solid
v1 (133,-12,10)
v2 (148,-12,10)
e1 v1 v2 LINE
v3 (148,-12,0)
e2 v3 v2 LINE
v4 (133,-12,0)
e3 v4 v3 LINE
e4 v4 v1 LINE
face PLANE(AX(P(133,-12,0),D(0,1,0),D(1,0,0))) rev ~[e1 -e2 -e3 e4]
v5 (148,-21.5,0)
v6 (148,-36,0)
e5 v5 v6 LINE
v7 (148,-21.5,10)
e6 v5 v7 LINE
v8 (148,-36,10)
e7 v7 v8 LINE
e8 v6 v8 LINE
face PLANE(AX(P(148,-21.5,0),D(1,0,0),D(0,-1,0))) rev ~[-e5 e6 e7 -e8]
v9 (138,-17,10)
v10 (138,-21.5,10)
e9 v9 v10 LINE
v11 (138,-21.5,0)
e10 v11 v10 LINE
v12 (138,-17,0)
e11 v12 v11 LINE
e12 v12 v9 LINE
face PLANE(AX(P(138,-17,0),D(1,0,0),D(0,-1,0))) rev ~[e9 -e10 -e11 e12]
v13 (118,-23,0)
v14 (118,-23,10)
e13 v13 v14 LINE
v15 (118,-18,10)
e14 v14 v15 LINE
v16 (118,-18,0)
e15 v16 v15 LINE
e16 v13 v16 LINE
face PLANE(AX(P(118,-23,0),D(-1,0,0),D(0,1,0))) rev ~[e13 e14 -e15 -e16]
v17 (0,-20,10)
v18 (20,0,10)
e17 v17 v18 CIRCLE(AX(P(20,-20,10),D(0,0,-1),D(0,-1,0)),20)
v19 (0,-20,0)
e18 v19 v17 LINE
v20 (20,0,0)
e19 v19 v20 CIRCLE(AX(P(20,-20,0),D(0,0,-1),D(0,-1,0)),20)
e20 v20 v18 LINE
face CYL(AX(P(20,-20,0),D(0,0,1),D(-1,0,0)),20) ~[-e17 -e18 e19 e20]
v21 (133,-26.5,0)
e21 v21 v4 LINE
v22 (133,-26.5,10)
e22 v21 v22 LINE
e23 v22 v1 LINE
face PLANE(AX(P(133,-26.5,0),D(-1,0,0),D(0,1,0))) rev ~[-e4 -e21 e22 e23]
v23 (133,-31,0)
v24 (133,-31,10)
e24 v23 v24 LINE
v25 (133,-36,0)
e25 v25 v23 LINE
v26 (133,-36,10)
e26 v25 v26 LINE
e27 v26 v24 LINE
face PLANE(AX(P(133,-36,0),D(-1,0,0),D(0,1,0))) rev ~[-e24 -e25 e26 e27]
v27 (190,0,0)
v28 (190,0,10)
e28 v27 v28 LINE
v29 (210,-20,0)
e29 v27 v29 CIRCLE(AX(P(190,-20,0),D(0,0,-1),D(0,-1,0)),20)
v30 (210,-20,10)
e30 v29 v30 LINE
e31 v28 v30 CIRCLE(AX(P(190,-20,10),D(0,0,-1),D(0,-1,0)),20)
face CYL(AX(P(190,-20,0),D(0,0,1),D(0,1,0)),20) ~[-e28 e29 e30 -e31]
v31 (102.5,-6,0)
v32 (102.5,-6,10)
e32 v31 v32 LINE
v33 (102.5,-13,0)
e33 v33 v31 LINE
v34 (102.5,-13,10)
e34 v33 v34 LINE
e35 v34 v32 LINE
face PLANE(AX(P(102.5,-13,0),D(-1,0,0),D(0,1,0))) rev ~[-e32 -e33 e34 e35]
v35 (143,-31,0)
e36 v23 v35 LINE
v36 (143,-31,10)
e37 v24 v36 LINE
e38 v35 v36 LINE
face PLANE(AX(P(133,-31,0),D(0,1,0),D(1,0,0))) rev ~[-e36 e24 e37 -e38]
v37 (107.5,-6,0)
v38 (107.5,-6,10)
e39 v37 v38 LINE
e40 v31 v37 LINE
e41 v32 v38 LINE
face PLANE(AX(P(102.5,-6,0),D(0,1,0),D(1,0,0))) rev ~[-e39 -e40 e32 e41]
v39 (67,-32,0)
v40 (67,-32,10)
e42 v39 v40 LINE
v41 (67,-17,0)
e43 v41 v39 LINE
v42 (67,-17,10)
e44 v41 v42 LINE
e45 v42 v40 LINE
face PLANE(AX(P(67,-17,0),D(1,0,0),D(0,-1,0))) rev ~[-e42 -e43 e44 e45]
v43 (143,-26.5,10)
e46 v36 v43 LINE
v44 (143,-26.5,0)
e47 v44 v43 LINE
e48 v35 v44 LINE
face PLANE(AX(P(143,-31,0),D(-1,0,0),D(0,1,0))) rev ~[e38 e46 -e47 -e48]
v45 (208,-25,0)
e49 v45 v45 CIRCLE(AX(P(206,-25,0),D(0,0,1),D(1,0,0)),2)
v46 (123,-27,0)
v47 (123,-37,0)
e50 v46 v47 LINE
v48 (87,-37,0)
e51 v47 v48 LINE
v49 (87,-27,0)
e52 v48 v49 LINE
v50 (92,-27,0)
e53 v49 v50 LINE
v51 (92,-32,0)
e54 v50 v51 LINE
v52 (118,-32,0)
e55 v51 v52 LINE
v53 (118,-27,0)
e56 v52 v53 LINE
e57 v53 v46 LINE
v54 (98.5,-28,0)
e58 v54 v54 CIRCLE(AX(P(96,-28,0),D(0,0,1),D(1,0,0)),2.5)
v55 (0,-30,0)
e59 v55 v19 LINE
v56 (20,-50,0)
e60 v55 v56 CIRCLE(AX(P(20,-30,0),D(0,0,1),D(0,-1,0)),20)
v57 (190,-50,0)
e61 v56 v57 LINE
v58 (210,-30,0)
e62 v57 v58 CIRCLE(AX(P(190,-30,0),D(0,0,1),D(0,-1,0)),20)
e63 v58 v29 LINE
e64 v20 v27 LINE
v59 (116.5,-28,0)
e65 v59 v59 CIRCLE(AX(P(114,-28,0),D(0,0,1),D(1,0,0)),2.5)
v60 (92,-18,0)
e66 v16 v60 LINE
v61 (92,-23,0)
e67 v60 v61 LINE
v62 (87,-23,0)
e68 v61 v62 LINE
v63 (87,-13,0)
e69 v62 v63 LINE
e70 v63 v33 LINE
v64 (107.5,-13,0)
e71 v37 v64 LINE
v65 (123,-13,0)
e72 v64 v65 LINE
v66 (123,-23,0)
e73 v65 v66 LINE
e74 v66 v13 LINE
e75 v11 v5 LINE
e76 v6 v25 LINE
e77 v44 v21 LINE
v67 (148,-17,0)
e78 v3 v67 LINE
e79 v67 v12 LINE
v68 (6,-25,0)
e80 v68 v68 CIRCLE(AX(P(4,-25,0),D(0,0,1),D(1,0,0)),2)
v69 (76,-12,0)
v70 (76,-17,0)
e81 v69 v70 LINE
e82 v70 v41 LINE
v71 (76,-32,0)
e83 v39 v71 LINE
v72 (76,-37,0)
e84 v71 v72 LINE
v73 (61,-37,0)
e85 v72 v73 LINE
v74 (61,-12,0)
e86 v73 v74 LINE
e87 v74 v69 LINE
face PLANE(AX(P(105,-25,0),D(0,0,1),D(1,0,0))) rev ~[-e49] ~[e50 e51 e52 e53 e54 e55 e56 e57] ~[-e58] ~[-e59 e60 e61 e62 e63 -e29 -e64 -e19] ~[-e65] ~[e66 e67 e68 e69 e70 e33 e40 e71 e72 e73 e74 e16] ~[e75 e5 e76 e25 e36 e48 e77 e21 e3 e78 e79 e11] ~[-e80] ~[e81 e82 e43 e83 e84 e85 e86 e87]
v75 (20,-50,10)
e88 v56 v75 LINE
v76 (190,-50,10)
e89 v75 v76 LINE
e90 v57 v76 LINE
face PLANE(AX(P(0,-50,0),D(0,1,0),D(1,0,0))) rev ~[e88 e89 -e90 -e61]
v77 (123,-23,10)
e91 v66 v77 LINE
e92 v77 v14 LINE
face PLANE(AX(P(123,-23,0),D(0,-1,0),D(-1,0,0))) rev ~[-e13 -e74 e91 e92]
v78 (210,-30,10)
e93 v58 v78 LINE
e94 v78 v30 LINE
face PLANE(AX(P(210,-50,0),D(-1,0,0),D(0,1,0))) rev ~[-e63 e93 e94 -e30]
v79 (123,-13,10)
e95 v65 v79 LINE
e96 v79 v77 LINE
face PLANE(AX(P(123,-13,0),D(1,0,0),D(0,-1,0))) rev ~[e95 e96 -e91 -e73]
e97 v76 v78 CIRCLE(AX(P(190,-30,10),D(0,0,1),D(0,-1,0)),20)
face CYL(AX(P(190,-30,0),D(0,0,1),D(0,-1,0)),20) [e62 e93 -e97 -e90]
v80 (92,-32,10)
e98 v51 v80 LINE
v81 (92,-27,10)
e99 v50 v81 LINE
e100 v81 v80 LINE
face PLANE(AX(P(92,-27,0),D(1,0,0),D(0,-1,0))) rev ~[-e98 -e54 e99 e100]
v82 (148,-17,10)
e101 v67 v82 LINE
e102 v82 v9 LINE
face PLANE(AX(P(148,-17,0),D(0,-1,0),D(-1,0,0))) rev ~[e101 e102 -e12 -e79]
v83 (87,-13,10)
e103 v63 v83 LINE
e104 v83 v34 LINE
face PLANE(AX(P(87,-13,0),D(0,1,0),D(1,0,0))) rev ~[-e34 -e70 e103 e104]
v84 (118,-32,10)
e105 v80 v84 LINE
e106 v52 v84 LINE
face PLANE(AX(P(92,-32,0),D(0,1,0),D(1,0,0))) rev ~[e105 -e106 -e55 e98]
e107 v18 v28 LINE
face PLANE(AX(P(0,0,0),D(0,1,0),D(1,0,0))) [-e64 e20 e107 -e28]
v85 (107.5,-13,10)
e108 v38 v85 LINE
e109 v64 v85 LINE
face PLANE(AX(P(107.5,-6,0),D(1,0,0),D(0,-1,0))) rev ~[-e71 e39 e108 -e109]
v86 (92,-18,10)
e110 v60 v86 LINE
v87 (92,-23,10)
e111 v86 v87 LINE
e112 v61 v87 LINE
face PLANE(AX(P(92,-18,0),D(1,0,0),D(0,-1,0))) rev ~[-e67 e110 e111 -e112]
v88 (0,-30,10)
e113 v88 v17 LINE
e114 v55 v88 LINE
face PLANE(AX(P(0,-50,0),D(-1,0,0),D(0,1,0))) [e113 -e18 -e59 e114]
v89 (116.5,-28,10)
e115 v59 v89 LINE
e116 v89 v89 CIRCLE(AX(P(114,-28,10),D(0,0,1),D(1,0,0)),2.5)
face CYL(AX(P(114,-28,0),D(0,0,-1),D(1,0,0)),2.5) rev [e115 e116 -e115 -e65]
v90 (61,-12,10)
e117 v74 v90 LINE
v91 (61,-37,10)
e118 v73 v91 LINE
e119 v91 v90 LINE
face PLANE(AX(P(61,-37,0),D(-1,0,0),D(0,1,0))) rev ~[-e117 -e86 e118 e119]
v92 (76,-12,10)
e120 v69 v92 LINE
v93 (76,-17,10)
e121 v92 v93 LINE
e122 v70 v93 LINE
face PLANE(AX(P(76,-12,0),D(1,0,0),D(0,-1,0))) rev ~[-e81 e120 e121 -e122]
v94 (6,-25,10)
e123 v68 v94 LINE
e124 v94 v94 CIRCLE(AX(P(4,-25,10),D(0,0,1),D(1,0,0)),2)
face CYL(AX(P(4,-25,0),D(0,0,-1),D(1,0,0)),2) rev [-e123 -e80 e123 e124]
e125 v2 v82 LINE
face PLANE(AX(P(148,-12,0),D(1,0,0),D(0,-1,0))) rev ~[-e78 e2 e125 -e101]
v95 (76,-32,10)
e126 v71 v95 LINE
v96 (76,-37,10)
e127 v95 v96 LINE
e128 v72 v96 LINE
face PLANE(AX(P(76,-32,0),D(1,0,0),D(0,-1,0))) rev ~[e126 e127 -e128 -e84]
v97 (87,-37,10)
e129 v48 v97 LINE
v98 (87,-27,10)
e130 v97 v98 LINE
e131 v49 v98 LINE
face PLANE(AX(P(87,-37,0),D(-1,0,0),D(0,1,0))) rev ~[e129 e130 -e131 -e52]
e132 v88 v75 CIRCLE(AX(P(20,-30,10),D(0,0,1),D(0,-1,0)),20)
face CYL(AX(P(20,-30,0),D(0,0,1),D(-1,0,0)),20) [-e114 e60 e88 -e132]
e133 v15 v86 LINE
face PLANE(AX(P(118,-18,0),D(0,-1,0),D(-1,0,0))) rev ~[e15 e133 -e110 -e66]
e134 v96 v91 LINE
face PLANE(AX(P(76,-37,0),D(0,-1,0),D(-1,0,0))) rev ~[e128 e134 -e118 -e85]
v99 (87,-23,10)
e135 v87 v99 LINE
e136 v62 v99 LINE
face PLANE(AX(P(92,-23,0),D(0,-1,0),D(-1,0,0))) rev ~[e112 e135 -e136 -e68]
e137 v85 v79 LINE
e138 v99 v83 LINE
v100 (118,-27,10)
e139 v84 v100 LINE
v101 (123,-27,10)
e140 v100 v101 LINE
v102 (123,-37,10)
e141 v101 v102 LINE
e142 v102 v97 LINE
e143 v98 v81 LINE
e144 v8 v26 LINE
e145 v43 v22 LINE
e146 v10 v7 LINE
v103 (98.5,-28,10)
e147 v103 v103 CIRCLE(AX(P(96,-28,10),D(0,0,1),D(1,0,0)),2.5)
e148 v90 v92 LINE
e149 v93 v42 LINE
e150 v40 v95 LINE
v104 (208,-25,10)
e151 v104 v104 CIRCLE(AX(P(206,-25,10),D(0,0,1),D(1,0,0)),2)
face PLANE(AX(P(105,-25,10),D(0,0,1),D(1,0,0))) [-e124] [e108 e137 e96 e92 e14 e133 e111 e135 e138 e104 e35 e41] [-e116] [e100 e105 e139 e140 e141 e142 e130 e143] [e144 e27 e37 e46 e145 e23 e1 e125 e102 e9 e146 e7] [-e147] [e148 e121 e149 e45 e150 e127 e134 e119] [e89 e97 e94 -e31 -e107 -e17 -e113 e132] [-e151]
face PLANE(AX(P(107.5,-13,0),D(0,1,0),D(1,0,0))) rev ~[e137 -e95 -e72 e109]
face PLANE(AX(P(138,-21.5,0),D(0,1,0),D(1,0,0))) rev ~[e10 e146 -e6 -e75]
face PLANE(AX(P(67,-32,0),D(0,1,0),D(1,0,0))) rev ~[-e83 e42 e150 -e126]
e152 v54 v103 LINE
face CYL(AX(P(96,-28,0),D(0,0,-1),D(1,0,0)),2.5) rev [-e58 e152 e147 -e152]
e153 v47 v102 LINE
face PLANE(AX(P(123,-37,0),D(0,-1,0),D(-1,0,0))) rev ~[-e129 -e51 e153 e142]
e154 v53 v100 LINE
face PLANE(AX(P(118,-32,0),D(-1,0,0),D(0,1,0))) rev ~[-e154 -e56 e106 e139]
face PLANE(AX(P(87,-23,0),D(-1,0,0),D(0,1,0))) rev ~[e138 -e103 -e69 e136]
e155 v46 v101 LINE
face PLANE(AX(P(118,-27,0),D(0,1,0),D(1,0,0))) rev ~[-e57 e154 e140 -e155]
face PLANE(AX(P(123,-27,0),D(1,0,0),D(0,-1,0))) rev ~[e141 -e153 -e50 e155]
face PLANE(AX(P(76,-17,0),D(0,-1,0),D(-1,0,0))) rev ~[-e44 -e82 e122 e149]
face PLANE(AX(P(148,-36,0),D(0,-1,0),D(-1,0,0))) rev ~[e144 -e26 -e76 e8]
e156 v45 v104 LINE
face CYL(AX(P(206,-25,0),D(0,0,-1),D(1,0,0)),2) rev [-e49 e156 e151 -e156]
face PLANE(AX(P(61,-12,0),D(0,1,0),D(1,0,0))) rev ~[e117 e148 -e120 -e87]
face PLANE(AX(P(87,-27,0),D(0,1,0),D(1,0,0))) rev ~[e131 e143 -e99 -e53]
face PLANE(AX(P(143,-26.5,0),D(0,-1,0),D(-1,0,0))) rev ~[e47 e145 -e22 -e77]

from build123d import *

# Parameters (mm, degrees)
CROQUIS1_W              = 210
CROQUIS1_H              = 50
CROQUIS1_R              = 2.5
CROQUIS1_R_2            = 2
SALIENTE_EXTRUIR1_DEPTH = 10
REDONDEO1_R             = 20


with BuildPart() as part:
    # Croquis1 → Saliente-Extruir1 (new body)
    with BuildSketch(Plane.XY):
        with Locations((105, -25)):
            Rectangle(CROQUIS1_W, CROQUIS1_H)
        with Locations((96, -28)):
            Circle(CROQUIS1_R, mode=Mode.SUBTRACT)
        Polygon((118, -27), (123, -27), (123, -32), (123, -37), (118, -37), (92, -37), (87, -37), (87, -32), (87, -27), (92, -27), (92, -32), (118, -32), align=None, mode=Mode.SUBTRACT)
        with Locations((114, -28)):
            Circle(CROQUIS1_R, mode=Mode.SUBTRACT)
        with Locations((4, -25)):
            Circle(CROQUIS1_R_2, mode=Mode.SUBTRACT)
        Polygon((67, -12), (76, -12), (76, -17), (67, -17), (67, -32), (76, -32), (76, -37), (67, -37), (61, -37), (61, -32), (61, -17), (61, -12), align=None, mode=Mode.SUBTRACT)
        Polygon((138, -12), (148, -12), (148, -17), (138, -17), (138, -21.5), (143, -21.5), (148, -21.5), (148, -26.5), (148, -31), (148, -36), (133, -36), (133, -31), (143, -31), (143, -26.5), (138, -26.5), (133, -26.5), (133, -21.5), (133, -17), (133, -12), align=None, mode=Mode.SUBTRACT)
        Polygon((87, -18), (87, -13), (92, -13), (102.5, -13), (102.5, -6), (107.5, -6), (107.5, -13), (118, -13), (123, -13), (123, -18), (123, -23), (118, -23), (118, -18), (107.5, -18), (102.5, -18), (92, -18), (92, -23), (87, -23), align=None, mode=Mode.SUBTRACT)
        with Locations((206, -25)):
            Circle(CROQUIS1_R_2, mode=Mode.SUBTRACT)
    extrude(amount=SALIENTE_EXTRUIR1_DEPTH)

    # Redondeo1
    redondeo1_edges = [part.edges().sort_by_distance(p)[0] for p in [
        (210, -50, 5),
        (0, -50, 5),
        (0, 0, 5),
        (210, 0, 5),
    ]]
    fillet(redondeo1_edges, radius=REDONDEO1_R)


solid = part.part
